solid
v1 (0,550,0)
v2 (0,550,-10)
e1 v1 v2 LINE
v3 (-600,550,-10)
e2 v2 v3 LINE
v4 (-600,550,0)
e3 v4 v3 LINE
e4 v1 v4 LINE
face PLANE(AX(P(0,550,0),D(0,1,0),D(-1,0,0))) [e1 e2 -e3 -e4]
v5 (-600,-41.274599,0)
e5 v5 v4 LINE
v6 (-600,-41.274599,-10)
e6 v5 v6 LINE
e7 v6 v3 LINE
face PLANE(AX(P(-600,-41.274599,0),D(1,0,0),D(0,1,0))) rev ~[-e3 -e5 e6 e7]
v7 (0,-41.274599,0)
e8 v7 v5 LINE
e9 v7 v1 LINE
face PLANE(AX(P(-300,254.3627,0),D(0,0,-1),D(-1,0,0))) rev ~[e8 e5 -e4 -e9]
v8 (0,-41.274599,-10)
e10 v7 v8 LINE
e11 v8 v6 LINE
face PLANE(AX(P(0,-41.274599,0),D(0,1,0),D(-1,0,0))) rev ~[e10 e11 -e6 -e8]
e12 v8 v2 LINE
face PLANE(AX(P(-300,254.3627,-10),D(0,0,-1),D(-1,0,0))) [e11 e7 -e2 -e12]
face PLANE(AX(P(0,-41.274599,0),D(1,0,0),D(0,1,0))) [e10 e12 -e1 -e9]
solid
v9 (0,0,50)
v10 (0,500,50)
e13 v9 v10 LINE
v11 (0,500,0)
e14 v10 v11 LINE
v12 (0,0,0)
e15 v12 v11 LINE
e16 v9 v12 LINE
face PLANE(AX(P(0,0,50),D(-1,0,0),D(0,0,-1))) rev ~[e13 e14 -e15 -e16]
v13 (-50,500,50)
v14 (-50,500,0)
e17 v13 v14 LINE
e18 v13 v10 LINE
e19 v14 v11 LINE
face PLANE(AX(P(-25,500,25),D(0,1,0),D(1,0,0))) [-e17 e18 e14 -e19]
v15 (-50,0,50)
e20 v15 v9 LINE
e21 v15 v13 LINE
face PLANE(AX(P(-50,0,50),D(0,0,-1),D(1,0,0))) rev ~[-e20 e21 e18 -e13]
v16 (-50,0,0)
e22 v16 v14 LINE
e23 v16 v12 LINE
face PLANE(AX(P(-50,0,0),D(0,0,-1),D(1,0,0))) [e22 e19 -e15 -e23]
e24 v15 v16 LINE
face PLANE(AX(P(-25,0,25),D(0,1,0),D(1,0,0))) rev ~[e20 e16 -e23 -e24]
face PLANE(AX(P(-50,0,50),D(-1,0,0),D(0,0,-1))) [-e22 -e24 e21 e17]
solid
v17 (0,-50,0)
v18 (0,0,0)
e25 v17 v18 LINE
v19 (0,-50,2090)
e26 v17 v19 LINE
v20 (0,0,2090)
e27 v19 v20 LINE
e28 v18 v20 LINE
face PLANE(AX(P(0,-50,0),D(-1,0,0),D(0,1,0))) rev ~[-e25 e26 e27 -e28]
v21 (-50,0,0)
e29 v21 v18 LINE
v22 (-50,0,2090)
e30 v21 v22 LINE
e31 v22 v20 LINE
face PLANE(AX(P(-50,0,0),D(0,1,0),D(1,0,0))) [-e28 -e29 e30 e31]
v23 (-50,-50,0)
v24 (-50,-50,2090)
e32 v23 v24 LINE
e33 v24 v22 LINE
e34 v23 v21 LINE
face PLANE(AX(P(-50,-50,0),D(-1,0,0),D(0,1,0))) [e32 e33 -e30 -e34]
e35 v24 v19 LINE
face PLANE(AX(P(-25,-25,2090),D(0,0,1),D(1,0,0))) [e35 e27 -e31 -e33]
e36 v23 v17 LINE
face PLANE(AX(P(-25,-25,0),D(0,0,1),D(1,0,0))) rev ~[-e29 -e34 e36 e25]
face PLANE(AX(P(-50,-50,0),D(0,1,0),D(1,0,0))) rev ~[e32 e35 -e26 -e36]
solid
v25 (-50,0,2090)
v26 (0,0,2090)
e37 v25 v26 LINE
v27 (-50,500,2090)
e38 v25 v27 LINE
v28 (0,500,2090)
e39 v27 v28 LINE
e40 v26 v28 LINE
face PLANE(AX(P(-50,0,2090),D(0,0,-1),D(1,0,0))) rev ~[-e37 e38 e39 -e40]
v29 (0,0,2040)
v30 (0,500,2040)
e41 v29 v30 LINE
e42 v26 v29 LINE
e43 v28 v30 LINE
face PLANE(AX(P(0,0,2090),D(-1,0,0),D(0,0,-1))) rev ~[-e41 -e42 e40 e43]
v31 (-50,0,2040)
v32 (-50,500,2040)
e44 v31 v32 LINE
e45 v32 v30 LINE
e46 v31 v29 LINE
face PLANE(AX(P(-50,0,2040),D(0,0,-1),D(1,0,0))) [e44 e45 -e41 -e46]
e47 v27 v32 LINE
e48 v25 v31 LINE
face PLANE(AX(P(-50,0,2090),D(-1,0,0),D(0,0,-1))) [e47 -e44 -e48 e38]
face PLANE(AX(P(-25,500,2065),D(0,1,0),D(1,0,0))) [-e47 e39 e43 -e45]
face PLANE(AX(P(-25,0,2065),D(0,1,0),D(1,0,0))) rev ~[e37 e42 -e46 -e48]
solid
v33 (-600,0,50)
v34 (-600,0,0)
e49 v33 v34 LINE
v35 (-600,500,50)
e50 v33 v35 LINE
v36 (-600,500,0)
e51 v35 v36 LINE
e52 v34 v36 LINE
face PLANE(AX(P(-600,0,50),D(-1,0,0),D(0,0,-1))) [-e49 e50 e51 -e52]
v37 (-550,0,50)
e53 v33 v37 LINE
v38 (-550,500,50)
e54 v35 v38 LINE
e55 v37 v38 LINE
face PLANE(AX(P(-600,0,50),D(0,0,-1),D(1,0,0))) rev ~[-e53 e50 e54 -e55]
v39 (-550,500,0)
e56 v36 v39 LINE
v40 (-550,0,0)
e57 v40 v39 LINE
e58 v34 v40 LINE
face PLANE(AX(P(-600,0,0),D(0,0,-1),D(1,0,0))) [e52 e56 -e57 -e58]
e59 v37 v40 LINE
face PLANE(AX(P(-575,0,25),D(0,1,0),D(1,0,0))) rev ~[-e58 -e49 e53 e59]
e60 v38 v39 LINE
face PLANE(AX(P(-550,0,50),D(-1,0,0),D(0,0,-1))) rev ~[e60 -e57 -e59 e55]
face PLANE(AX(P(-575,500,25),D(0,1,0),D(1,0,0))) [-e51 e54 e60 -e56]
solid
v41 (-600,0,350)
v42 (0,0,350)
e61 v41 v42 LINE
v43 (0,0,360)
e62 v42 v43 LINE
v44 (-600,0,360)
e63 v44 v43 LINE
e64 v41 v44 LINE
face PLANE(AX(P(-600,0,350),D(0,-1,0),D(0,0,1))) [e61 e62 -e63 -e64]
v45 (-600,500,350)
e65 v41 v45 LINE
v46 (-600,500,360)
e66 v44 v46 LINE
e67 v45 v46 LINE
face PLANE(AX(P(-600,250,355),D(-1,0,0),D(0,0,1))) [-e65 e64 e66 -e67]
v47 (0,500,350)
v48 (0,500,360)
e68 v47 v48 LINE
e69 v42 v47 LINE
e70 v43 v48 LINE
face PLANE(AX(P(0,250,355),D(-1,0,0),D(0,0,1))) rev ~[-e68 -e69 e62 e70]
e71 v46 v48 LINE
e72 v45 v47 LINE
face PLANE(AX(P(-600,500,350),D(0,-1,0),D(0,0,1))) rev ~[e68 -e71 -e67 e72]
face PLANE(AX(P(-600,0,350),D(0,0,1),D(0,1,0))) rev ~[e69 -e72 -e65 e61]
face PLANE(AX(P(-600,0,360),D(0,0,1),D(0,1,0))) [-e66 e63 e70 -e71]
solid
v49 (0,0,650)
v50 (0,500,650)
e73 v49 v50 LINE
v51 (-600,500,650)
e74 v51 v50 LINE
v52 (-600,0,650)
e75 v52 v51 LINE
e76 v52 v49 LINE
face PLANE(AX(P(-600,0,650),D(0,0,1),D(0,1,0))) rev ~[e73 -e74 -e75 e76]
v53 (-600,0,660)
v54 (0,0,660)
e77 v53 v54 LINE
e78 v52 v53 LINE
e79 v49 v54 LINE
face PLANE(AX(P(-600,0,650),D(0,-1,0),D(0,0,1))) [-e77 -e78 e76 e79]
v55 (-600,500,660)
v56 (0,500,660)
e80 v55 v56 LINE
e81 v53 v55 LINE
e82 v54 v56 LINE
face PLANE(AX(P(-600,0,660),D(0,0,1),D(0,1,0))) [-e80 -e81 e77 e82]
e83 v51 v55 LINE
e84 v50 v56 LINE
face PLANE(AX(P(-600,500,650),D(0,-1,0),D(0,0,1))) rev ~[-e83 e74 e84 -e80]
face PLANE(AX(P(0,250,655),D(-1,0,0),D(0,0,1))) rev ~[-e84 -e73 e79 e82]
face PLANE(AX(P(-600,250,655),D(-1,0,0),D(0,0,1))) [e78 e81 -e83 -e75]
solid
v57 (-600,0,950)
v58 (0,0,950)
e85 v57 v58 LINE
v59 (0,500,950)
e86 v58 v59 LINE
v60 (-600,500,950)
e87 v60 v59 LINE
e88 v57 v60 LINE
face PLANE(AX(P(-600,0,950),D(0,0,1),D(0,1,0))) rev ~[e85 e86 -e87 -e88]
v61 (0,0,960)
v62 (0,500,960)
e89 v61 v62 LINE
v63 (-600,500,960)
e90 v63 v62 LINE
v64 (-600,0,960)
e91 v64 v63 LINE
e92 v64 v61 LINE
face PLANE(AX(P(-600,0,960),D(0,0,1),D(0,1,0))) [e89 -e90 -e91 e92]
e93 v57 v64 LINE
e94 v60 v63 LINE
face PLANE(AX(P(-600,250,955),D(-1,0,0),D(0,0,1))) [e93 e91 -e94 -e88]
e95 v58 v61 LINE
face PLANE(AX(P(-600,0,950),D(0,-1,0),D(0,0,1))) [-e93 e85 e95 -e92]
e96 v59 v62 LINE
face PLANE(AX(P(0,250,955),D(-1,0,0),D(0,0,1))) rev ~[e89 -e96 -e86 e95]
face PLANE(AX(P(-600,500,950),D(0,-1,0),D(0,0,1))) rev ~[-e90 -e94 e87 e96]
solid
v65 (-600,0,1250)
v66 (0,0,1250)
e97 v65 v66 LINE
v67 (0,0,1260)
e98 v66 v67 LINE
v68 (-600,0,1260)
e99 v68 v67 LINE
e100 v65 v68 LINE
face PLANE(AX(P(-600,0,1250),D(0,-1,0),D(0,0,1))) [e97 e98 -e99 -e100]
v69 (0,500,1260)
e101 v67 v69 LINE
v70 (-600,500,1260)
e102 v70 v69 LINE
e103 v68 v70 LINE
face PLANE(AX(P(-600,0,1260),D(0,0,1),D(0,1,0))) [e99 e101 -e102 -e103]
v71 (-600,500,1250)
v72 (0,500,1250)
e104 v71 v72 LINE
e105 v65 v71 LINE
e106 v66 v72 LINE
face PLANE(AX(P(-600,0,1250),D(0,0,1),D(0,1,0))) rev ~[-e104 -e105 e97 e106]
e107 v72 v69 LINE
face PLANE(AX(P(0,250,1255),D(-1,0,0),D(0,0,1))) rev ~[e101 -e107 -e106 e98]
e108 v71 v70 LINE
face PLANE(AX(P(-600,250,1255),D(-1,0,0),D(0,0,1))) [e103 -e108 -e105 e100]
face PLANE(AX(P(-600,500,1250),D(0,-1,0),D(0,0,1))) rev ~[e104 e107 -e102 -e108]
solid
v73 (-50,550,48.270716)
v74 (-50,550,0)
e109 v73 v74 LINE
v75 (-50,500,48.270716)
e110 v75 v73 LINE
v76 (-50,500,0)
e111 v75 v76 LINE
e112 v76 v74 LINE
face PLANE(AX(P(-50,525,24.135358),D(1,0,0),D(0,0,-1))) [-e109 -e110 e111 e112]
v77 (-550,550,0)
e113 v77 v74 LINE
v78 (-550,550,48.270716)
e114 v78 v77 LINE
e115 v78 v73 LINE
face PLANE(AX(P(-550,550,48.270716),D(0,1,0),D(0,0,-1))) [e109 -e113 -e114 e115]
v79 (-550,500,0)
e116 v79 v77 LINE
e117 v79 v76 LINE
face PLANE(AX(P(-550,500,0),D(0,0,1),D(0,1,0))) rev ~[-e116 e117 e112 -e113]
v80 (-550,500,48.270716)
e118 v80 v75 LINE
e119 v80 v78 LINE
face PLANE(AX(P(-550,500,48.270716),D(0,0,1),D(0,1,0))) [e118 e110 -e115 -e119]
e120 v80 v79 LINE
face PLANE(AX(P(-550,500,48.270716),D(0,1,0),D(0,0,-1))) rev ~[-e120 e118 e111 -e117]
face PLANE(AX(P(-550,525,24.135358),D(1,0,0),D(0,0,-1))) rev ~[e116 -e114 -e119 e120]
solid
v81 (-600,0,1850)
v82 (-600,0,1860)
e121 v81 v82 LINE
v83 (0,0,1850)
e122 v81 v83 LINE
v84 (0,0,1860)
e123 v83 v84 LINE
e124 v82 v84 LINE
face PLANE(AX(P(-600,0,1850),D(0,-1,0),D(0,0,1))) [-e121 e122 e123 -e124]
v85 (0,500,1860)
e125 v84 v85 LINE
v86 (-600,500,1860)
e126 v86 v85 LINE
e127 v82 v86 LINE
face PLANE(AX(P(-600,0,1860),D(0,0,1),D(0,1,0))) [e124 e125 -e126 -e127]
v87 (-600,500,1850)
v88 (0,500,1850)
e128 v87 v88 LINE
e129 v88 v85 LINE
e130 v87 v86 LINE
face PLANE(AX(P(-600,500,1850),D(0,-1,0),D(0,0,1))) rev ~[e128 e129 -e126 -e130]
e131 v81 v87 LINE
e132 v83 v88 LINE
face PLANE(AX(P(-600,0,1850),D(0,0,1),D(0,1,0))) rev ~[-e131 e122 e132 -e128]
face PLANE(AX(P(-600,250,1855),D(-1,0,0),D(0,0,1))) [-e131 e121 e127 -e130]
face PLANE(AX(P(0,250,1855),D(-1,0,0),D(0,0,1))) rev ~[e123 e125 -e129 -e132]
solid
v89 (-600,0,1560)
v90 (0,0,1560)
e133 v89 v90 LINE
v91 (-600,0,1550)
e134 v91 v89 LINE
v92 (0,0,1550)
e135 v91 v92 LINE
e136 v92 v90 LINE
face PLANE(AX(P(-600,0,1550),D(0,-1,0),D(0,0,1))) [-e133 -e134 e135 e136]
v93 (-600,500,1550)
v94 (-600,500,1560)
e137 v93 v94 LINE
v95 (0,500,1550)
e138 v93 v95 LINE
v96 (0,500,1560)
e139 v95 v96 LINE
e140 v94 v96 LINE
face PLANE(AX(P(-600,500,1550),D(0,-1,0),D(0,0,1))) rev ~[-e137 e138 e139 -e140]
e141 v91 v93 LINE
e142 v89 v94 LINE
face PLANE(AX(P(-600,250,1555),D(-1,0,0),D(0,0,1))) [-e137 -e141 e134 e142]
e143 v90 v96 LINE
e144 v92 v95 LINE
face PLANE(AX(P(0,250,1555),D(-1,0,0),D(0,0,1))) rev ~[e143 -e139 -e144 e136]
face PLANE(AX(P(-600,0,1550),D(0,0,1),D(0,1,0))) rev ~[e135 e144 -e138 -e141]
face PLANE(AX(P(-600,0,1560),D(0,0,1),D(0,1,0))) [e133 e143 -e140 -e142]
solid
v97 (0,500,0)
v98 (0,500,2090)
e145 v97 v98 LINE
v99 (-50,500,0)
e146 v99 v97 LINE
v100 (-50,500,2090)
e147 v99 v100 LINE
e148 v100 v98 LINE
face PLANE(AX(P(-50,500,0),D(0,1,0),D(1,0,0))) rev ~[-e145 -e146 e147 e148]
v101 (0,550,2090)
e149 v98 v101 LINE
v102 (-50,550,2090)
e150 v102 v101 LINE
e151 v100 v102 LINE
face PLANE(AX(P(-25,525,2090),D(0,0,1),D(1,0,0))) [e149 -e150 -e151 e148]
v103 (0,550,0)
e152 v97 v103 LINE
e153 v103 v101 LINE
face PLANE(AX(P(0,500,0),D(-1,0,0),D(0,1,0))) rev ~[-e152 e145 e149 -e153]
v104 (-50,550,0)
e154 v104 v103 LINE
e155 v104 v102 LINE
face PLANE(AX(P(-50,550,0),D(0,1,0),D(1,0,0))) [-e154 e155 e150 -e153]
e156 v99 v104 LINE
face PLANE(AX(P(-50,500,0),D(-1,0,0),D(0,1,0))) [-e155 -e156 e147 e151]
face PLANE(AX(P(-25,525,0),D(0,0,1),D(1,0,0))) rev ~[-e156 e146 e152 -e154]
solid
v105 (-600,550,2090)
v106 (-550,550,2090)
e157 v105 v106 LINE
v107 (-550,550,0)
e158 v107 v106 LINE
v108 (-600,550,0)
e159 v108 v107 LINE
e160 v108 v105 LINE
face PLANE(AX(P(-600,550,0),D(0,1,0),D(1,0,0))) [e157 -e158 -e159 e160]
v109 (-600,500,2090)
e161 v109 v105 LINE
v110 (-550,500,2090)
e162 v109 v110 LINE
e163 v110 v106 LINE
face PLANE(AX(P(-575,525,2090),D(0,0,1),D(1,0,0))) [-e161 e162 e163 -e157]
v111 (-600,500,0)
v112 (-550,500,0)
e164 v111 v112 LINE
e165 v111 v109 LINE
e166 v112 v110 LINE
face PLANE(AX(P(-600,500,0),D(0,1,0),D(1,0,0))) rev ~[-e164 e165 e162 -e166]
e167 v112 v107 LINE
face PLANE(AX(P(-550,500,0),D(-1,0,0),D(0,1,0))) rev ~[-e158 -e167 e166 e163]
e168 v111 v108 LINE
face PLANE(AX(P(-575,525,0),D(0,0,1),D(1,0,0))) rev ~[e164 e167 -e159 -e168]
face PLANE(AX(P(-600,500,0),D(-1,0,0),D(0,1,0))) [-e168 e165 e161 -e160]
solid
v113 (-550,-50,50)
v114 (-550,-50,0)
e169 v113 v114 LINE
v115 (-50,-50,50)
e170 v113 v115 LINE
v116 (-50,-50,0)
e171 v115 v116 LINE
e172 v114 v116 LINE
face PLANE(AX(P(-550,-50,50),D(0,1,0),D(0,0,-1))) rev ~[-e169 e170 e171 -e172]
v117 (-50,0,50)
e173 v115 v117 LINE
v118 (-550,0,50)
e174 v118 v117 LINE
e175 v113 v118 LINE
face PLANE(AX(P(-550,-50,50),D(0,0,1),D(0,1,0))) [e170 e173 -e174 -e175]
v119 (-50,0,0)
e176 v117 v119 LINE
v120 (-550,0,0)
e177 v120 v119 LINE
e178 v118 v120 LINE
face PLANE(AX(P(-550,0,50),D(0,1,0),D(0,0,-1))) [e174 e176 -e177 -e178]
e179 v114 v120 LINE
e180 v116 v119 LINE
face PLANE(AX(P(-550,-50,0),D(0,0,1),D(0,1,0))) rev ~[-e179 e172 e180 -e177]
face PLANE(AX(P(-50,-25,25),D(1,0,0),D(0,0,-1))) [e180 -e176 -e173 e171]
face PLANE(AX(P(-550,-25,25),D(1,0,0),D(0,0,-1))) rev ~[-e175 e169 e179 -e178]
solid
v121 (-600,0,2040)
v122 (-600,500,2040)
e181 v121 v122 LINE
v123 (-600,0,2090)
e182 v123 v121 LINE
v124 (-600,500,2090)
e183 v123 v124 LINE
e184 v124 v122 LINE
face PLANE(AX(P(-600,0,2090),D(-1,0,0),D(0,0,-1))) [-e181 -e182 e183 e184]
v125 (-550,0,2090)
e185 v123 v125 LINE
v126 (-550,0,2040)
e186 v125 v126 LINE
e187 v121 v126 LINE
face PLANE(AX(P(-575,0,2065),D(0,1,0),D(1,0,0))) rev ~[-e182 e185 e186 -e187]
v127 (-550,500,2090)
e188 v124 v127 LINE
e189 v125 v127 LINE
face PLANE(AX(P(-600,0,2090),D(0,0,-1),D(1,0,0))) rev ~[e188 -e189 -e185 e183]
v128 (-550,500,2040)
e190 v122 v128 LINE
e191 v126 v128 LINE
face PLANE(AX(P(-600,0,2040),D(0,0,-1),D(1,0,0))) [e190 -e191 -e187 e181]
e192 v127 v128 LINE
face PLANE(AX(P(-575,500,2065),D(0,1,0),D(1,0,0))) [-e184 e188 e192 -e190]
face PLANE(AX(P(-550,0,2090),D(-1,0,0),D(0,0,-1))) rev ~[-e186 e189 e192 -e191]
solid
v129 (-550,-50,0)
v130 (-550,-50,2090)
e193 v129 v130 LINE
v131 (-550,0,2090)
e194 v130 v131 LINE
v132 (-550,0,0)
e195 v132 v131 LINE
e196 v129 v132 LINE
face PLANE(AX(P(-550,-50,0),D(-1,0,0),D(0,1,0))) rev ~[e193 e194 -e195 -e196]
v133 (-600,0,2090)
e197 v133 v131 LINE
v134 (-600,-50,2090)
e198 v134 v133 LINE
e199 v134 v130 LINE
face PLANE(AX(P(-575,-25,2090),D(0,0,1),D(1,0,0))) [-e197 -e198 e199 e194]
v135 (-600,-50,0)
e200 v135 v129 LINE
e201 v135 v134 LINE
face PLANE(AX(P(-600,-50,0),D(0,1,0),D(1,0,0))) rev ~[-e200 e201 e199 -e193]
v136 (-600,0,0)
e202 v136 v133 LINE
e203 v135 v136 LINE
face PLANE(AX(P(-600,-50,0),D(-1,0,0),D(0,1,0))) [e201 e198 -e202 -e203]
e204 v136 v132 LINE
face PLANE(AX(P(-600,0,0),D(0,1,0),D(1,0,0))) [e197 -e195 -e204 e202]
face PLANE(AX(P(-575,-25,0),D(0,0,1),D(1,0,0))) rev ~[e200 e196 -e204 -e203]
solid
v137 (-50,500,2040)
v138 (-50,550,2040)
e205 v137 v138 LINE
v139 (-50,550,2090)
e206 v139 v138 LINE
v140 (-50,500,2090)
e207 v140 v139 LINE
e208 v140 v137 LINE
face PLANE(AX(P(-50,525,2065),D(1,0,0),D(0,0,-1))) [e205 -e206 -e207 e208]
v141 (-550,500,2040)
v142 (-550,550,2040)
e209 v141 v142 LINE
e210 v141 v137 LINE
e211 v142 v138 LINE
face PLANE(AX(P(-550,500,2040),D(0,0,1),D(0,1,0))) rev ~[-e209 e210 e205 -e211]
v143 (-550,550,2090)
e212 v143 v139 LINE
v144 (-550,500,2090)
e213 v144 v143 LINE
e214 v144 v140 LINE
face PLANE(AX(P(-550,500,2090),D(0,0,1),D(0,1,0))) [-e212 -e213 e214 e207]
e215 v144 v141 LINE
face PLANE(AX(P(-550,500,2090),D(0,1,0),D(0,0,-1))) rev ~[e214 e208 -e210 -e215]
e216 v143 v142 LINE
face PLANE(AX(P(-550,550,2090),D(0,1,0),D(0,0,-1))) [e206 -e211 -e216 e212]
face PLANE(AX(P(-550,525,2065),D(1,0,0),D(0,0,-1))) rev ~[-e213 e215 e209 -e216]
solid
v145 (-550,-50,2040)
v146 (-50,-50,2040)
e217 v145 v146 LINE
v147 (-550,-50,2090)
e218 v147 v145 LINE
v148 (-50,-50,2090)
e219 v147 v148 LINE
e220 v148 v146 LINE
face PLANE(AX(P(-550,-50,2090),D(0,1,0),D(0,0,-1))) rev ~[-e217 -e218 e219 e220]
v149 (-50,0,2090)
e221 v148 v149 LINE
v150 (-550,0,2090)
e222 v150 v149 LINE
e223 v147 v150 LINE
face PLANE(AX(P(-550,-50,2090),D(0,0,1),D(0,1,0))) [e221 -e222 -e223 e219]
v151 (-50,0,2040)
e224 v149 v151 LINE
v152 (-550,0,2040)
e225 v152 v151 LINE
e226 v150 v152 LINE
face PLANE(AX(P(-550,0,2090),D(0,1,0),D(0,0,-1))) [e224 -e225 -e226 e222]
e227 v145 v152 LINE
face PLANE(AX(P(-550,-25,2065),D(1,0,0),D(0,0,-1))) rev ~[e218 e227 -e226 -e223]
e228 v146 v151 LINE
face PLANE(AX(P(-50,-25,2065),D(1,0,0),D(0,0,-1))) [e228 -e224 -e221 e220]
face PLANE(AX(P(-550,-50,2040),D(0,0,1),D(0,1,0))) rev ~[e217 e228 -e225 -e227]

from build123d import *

# Parameters (mm, degrees)
SKETCH1_W             = 50
SKETCH1_H             = 50
BOSS_EXTRUDE1_DEPTH   = 2090
BOSS_EXTRUDE1_2_DEPTH = 2090
BOSS_EXTRUDE1_3_DEPTH = 2090
BOSS_EXTRUDE1_4_DEPTH = 2090
SKETCH2_W             = 50
SKETCH2_H             = 50
BOSS_EXTRUDE2_DEPTH   = 500
BOSS_EXTRUDE2_2_DEPTH = 500
BOSS_EXTRUDE2_3_DEPTH = 500
BOSS_EXTRUDE2_4_DEPTH = 500
SKETCH3_W             = 50
SKETCH3_H             = 50
BOSS_EXTRUDE3_DEPTH   = 500
BOSS_EXTRUDE3_2_DEPTH = 500
SKETCH3_W_2           = 48.270716069
BOSS_EXTRUDE3_3_DEPTH = 500
BOSS_EXTRUDE3_4_DEPTH = 500
SKETCH5_W             = 10
SKETCH5_H             = 500
BOSS_EXTRUDE4_DEPTH   = 600
BOSS_EXTRUDE4_2_DEPTH = 600
BOSS_EXTRUDE4_3_DEPTH = 600
BOSS_EXTRUDE4_4_DEPTH = 600
BOSS_EXTRUDE4_5_DEPTH = 600
BOSS_EXTRUDE4_6_DEPTH = 600
SKETCH6_W             = 600
SKETCH6_H             = 591.274599244
BOSS_EXTRUDE5_DEPTH   = 10


with BuildPart() as part:
    # Sketch1 → Boss-Extrude1 (new body)
    with BuildSketch(Plane.XY):
        with Locations((-575, 525)):
            Rectangle(SKETCH1_W, SKETCH1_H)
    extrude(amount=BOSS_EXTRUDE1_DEPTH)


with BuildPart() as body_2:
    # Sketch1 → Boss-Extrude1 2 (new body)
    with BuildSketch(Plane.XY):
        with Locations((-25, -25)):
            Rectangle(SKETCH1_W, SKETCH1_H)
    extrude(amount=BOSS_EXTRUDE1_2_DEPTH)


with BuildPart() as body_3:
    # Sketch1 → Boss-Extrude1 3 (new body)
    with BuildSketch(Plane.XY):
        with Locations((-575, -25)):
            Rectangle(SKETCH1_W, SKETCH1_H)
    extrude(amount=BOSS_EXTRUDE1_3_DEPTH)


with BuildPart() as body_4:
    # Sketch1 → Boss-Extrude1 4 (new body)
    with BuildSketch(Plane.XY):
        with Locations((-25, 525)):
            Rectangle(SKETCH1_W, SKETCH1_H)
    extrude(amount=BOSS_EXTRUDE1_4_DEPTH)


with BuildPart() as body_5:
    # Sketch2 → Boss-Extrude2 (new body)
    with BuildSketch(Plane(origin=(0, 0, 0), x_dir=(1, 0, 0), z_dir=(0, 1, 0))):
        with Locations((-575, -25)):
            Rectangle(SKETCH2_W, SKETCH2_H)
    extrude(amount=BOSS_EXTRUDE2_DEPTH)


with BuildPart() as body_6:
    # Sketch2 → Boss-Extrude2 2 (new body)
    with BuildSketch(Plane(origin=(0, 0, 0), x_dir=(1, 0, 0), z_dir=(0, 1, 0))):
        with Locations((-25, -25)):
            Rectangle(SKETCH2_W, SKETCH2_H)
    extrude(amount=BOSS_EXTRUDE2_2_DEPTH)


with BuildPart() as body_7:
    # Sketch2 → Boss-Extrude2 3 (new body)
    with BuildSketch(Plane(origin=(0, 0, 0), x_dir=(1, 0, 0), z_dir=(0, 1, 0))):
        with Locations((-575, -2065)):
            Rectangle(SKETCH2_W, SKETCH2_H)
    extrude(amount=BOSS_EXTRUDE2_3_DEPTH)


with BuildPart() as body_8:
    # Sketch2 → Boss-Extrude2 4 (new body)
    with BuildSketch(Plane(origin=(0, 0, 0), x_dir=(1, 0, 0), z_dir=(0, 1, 0))):
        with Locations((-25, -2065)):
            Rectangle(SKETCH2_W, SKETCH2_H)
    extrude(amount=BOSS_EXTRUDE2_4_DEPTH)


with BuildPart() as body_9:
    # Sketch3 → Boss-Extrude3 (new body)
    with BuildSketch(Plane(origin=(-550, 0, 0), x_dir=(0, 0, -1), z_dir=(1, 0, 0))):
        with Locations((-2065, 525)):
            Rectangle(SKETCH3_W, SKETCH3_H)
    extrude(amount=BOSS_EXTRUDE3_DEPTH)


with BuildPart() as body_10:
    # Sketch3 → Boss-Extrude3 2 (new body)
    with BuildSketch(Plane(origin=(-550, 0, 0), x_dir=(0, 0, -1), z_dir=(1, 0, 0))):
        with Locations((-2065, -25)):
            Rectangle(SKETCH3_W, SKETCH3_H)
    extrude(amount=BOSS_EXTRUDE3_2_DEPTH)


with BuildPart() as body_11:
    # Sketch3 → Boss-Extrude3 3 (new body)
    with BuildSketch(Plane(origin=(-550, 0, 0), x_dir=(0, 0, -1), z_dir=(1, 0, 0))):
        with Locations((-24.135358035, 525)):
            Rectangle(SKETCH3_W_2, SKETCH3_H)
    extrude(amount=BOSS_EXTRUDE3_3_DEPTH)


with BuildPart() as body_12:
    # Sketch3 → Boss-Extrude3 4 (new body)
    with BuildSketch(Plane(origin=(-550, 0, 0), x_dir=(0, 0, -1), z_dir=(1, 0, 0))):
        with Locations((-25, -25)):
            Rectangle(SKETCH3_W, SKETCH3_H)
    extrude(amount=BOSS_EXTRUDE3_4_DEPTH)


with BuildPart() as body_13:
    # Sketch5 → Boss-Extrude4 (new body)
    with BuildSketch(Plane.ZY.offset(600)):
        with Locations((355, 250)):
            Rectangle(SKETCH5_W, SKETCH5_H)
    extrude(amount=-BOSS_EXTRUDE4_DEPTH)


with BuildPart() as body_14:
    # Sketch5 → Boss-Extrude4 2 (new body)
    with BuildSketch(Plane.ZY.offset(600)):
        with Locations((655, 250)):
            Rectangle(SKETCH5_W, SKETCH5_H)
    extrude(amount=-BOSS_EXTRUDE4_2_DEPTH)


with BuildPart() as body_15:
    # Sketch5 → Boss-Extrude4 3 (new body)
    with BuildSketch(Plane.ZY.offset(600)):
        with Locations((955, 250)):
            Rectangle(SKETCH5_W, SKETCH5_H)
    extrude(amount=-BOSS_EXTRUDE4_3_DEPTH)


with BuildPart() as body_16:
    # Sketch5 → Boss-Extrude4 4 (new body)
    with BuildSketch(Plane.ZY.offset(600)):
        with Locations((1255, 250)):
            Rectangle(SKETCH5_W, SKETCH5_H)
    extrude(amount=-BOSS_EXTRUDE4_4_DEPTH)


with BuildPart() as body_17:
    # Sketch5 → Boss-Extrude4 5 (new body)
    with BuildSketch(Plane.ZY.offset(600)):
        with Locations((1555, 250)):
            Rectangle(SKETCH5_W, SKETCH5_H)
    extrude(amount=-BOSS_EXTRUDE4_5_DEPTH)


with BuildPart() as body_18:
    # Sketch5 → Boss-Extrude4 6 (new body)
    with BuildSketch(Plane.ZY.offset(600)):
        with Locations((1855, 250)):
            Rectangle(SKETCH5_W, SKETCH5_H)
    extrude(amount=-BOSS_EXTRUDE4_6_DEPTH)


with BuildPart() as body_19:
    # Sketch6 → Boss-Extrude5 (new body)
    with BuildSketch(Plane(origin=(0, 0, 0), x_dir=(-1, 0, 0), z_dir=(0, 0, -1))):
        with Locations((300, 254.362700378)):
            Rectangle(SKETCH6_W, SKETCH6_H)
    extrude(amount=BOSS_EXTRUDE5_DEPTH)


solid = Compound([part.part, body_2.part, body_3.part, body_4.part, body_5.part, body_6.part, body_7.part, body_8.part, body_9.part, body_10.part, body_11.part, body_12.part, body_13.part, body_14.part, body_15.part, body_16.part, body_17.part, body_18.part, body_19.part])
